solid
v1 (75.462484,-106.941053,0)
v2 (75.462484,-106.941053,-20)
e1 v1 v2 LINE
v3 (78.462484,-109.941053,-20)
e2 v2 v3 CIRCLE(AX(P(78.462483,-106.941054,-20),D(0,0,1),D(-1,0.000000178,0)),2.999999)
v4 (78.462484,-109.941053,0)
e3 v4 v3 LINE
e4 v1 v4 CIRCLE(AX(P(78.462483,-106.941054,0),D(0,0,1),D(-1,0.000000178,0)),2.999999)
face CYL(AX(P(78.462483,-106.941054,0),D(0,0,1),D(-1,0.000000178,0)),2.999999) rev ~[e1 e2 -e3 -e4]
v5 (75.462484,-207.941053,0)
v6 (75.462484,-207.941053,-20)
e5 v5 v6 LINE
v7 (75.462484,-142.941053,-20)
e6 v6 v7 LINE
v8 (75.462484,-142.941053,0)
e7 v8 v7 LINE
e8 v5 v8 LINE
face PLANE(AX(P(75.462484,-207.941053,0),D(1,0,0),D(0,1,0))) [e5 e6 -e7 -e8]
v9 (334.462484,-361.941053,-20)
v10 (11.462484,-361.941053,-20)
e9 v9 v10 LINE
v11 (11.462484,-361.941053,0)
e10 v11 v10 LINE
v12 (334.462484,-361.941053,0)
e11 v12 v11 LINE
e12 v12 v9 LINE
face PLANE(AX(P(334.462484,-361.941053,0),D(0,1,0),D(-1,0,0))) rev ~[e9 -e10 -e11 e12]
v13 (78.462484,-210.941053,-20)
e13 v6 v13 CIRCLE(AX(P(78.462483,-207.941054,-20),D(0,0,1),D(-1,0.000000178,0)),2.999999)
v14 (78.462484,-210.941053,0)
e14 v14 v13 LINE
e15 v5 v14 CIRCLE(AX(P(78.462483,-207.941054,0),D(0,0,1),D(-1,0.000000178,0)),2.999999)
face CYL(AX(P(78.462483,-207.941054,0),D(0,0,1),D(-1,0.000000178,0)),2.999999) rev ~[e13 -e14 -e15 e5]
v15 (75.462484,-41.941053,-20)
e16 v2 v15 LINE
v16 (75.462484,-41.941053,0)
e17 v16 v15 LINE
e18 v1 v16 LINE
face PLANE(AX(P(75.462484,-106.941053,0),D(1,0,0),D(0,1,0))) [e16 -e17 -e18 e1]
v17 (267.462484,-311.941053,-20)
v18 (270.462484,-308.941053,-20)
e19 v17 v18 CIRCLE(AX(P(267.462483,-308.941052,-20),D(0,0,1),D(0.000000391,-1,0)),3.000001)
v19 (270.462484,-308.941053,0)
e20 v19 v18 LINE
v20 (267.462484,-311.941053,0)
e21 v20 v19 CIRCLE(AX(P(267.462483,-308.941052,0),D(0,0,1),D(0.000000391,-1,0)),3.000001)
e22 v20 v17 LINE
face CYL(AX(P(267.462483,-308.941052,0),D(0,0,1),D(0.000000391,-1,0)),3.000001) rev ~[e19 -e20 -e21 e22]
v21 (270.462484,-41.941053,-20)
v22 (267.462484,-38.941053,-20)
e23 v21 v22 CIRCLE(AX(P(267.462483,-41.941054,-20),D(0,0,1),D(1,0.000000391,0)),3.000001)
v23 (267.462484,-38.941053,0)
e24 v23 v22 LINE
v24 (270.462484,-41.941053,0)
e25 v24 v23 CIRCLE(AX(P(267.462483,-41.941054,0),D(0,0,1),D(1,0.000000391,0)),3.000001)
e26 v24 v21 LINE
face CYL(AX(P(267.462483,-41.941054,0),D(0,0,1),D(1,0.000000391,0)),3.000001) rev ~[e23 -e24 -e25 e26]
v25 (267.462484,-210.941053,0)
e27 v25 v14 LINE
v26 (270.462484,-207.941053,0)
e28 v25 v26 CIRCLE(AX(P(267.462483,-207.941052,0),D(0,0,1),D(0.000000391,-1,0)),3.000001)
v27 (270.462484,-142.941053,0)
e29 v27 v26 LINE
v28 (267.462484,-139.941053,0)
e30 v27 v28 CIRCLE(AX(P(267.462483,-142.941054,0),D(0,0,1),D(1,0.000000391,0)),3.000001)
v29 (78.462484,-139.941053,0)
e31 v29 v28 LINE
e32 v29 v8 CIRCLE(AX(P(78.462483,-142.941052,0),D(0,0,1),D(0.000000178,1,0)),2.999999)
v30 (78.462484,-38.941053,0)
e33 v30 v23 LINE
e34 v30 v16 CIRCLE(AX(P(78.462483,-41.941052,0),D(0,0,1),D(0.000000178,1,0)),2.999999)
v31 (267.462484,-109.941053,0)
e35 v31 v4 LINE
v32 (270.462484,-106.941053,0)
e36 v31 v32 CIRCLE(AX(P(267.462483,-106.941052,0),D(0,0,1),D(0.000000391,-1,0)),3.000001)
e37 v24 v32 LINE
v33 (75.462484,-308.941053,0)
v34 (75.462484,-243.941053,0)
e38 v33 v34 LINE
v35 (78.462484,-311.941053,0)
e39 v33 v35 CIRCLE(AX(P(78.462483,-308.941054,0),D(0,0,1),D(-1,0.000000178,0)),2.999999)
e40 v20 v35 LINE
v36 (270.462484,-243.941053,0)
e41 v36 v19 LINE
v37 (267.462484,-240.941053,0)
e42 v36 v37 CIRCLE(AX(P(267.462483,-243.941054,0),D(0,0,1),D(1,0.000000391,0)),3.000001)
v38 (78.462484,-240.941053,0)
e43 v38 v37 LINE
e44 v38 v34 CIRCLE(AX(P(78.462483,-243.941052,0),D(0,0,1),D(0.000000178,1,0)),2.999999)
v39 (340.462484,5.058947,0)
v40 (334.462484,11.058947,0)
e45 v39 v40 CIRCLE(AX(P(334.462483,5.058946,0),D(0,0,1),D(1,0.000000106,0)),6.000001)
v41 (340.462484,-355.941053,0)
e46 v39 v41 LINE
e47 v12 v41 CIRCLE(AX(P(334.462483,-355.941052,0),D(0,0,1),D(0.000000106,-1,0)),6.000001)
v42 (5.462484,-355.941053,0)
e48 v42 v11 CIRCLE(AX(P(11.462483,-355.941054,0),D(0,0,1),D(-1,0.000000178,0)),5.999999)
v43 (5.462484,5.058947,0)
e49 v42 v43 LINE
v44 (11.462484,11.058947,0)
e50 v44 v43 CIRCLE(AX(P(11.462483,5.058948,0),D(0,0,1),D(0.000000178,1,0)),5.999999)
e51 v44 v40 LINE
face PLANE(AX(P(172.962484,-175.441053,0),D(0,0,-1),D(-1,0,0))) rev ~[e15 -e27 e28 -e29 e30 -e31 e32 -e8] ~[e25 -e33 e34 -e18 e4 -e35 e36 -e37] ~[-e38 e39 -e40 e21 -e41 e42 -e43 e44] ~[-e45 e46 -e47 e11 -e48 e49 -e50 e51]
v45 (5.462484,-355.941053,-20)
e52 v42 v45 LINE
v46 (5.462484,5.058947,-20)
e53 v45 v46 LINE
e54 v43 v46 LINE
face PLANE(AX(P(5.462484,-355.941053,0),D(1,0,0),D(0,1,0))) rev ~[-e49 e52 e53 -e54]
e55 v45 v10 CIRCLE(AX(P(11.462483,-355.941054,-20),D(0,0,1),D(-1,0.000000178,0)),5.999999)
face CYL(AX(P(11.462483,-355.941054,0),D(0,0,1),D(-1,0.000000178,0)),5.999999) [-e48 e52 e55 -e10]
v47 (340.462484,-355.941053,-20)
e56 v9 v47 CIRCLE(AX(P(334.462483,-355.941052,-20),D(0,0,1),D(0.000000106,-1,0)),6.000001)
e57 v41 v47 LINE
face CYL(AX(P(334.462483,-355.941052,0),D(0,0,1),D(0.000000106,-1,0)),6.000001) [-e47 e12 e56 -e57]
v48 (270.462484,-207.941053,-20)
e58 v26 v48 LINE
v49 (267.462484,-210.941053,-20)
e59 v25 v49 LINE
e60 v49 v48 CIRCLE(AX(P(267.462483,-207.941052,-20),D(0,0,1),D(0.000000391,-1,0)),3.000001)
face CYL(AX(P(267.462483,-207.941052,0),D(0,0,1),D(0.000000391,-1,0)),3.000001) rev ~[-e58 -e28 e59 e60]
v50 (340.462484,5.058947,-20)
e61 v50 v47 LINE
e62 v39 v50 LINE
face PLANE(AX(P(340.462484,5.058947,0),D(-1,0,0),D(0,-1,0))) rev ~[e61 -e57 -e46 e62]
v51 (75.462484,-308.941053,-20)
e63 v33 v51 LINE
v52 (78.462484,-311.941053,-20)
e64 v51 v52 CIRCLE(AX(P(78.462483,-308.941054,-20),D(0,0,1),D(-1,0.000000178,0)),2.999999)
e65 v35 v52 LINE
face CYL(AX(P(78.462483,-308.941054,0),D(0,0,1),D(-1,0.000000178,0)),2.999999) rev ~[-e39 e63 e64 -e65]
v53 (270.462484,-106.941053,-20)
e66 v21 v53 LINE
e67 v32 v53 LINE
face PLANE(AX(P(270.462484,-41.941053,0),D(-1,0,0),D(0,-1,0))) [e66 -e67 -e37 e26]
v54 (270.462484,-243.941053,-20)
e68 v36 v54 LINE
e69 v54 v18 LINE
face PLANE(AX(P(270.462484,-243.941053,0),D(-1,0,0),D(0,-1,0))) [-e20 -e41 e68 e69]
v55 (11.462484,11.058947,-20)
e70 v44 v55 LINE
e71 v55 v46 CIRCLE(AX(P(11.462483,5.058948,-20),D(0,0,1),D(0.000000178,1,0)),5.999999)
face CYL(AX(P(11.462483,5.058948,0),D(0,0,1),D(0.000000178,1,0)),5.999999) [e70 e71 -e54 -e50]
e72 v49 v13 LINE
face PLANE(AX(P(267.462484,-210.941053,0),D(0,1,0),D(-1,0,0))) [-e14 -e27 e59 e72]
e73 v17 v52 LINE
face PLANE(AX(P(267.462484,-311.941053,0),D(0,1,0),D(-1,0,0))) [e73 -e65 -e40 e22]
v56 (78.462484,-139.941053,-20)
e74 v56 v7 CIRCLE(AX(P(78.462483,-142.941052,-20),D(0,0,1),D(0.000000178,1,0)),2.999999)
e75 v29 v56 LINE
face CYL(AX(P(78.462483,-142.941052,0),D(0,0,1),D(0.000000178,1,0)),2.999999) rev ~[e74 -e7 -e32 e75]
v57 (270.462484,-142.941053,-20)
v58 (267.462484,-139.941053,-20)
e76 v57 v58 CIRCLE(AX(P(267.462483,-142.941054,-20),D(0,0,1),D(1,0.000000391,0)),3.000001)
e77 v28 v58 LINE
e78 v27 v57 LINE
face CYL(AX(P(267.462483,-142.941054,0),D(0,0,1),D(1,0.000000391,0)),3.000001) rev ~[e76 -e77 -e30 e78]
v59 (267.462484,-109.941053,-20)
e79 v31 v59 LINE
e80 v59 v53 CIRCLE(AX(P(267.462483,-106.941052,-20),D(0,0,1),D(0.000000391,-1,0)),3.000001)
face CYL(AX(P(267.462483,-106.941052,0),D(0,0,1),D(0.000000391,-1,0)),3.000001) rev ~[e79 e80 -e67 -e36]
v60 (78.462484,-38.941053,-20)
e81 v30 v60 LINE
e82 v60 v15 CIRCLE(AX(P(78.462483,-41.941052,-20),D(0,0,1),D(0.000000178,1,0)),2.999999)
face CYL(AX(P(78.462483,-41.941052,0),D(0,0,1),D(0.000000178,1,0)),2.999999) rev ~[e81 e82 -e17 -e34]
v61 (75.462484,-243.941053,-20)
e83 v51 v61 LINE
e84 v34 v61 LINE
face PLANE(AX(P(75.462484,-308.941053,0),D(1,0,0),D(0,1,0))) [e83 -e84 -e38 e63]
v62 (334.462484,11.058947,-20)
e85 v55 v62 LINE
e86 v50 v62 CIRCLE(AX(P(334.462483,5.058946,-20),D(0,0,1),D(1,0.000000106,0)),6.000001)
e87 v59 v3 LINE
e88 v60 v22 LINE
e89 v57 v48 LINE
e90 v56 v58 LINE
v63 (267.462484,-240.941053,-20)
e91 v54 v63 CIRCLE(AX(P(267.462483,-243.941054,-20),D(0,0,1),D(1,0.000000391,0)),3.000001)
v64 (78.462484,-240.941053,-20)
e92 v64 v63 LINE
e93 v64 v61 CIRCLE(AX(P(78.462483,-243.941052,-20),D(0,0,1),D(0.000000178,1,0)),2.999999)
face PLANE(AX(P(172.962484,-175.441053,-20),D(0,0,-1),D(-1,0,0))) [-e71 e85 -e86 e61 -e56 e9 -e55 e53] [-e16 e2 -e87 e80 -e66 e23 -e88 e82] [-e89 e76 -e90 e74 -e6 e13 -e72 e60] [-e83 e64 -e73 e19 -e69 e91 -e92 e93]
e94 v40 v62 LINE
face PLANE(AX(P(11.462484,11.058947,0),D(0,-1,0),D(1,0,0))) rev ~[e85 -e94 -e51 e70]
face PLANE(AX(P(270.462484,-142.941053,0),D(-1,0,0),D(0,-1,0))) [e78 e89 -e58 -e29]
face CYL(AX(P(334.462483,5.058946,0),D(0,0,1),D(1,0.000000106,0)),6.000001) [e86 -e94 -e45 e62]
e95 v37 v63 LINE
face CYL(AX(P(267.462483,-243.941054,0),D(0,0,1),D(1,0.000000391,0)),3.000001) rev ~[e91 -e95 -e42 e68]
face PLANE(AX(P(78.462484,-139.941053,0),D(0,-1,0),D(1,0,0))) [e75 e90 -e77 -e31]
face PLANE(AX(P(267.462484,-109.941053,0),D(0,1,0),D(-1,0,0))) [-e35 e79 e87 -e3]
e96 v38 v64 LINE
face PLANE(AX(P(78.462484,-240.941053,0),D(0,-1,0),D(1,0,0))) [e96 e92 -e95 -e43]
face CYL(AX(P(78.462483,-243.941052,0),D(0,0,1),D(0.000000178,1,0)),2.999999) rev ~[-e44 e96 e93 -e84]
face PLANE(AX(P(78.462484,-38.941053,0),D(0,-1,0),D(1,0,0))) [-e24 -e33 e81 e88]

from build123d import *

# Parameters (mm, degrees)
PAD002_DEPTH = 20


with BuildPart() as part:
    # Sketch002 → Pad002 (new body)
    with BuildSketch(Plane.XY):
        with BuildLine():
            Line((11.462484, 11.058947), (334.462484, 11.058947))
            ThreePointArc((340.462484, 5.058947), (338.705124, 9.301588), (334.462484, 11.058947))
            Line((340.462484, 5.058947), (340.462484, -355.941053))
            ThreePointArc((334.462484, -361.941053), (338.705124, -360.183694), (340.462484, -355.941053))
            Line((334.462484, -361.941053), (11.462484, -361.941053))
            ThreePointArc((5.462484, -355.941053), (7.219843, -360.183694), (11.462484, -361.941053))
            Line((5.462484, -355.941053), (5.462484, 5.058947))
            ThreePointArc((11.462484, 11.058947), (7.219843, 9.301588), (5.462484, 5.058947))
        make_face()
        with BuildLine():
            Line((78.462484, -38.941053), (267.462484, -38.941053))
            ThreePointArc((270.462484, -41.941053), (269.583804, -39.819733), (267.462484, -38.941053))
            Line((270.462484, -41.941053), (270.462484, -106.941053))
            ThreePointArc((267.462484, -109.941053), (269.583804, -109.062373), (270.462484, -106.941053))
            Line((267.462484, -109.941053), (78.462484, -109.941053))
            ThreePointArc((75.462484, -106.941053), (76.341163, -109.062373), (78.462484, -109.941053))
            Line((75.462484, -106.941053), (75.462484, -41.941053))
            ThreePointArc((78.462484, -38.941053), (76.341163, -39.819733), (75.462484, -41.941053))
        make_face(mode=Mode.SUBTRACT)
        with BuildLine():
            Line((78.462484, -139.941053), (267.462484, -139.941053))
            ThreePointArc((270.462484, -142.941053), (269.583804, -140.819733), (267.462484, -139.941053))
            Line((270.462484, -142.941053), (270.462484, -207.941053))
            ThreePointArc((267.462484, -210.941053), (269.583804, -210.062373), (270.462484, -207.941053))
            Line((267.462484, -210.941053), (78.462484, -210.941053))
            ThreePointArc((75.462484, -207.941053), (76.341163, -210.062373), (78.462484, -210.941053))
            Line((75.462484, -207.941053), (75.462484, -142.941053))
            ThreePointArc((78.462484, -139.941053), (76.341163, -140.819733), (75.462484, -142.941053))
        make_face(mode=Mode.SUBTRACT)
        with BuildLine():
            Line((78.462484, -240.941053), (267.462484, -240.941053))
            ThreePointArc((270.462484, -243.941053), (269.583804, -241.819733), (267.462484, -240.941053))
            Line((270.462484, -243.941053), (270.462484, -308.941053))
            ThreePointArc((267.462484, -311.941053), (269.583804, -311.062373), (270.462484, -308.941053))
            Line((267.462484, -311.941053), (78.462484, -311.941053))
            ThreePointArc((75.462484, -308.941053), (76.341163, -311.062373), (78.462484, -311.941053))
            Line((75.462484, -308.941053), (75.462484, -243.941053))
            ThreePointArc((78.462484, -240.941053), (76.341163, -241.819733), (75.462484, -243.941053))
        make_face(mode=Mode.SUBTRACT)
    extrude(amount=-PAD002_DEPTH)


solid = part.part
